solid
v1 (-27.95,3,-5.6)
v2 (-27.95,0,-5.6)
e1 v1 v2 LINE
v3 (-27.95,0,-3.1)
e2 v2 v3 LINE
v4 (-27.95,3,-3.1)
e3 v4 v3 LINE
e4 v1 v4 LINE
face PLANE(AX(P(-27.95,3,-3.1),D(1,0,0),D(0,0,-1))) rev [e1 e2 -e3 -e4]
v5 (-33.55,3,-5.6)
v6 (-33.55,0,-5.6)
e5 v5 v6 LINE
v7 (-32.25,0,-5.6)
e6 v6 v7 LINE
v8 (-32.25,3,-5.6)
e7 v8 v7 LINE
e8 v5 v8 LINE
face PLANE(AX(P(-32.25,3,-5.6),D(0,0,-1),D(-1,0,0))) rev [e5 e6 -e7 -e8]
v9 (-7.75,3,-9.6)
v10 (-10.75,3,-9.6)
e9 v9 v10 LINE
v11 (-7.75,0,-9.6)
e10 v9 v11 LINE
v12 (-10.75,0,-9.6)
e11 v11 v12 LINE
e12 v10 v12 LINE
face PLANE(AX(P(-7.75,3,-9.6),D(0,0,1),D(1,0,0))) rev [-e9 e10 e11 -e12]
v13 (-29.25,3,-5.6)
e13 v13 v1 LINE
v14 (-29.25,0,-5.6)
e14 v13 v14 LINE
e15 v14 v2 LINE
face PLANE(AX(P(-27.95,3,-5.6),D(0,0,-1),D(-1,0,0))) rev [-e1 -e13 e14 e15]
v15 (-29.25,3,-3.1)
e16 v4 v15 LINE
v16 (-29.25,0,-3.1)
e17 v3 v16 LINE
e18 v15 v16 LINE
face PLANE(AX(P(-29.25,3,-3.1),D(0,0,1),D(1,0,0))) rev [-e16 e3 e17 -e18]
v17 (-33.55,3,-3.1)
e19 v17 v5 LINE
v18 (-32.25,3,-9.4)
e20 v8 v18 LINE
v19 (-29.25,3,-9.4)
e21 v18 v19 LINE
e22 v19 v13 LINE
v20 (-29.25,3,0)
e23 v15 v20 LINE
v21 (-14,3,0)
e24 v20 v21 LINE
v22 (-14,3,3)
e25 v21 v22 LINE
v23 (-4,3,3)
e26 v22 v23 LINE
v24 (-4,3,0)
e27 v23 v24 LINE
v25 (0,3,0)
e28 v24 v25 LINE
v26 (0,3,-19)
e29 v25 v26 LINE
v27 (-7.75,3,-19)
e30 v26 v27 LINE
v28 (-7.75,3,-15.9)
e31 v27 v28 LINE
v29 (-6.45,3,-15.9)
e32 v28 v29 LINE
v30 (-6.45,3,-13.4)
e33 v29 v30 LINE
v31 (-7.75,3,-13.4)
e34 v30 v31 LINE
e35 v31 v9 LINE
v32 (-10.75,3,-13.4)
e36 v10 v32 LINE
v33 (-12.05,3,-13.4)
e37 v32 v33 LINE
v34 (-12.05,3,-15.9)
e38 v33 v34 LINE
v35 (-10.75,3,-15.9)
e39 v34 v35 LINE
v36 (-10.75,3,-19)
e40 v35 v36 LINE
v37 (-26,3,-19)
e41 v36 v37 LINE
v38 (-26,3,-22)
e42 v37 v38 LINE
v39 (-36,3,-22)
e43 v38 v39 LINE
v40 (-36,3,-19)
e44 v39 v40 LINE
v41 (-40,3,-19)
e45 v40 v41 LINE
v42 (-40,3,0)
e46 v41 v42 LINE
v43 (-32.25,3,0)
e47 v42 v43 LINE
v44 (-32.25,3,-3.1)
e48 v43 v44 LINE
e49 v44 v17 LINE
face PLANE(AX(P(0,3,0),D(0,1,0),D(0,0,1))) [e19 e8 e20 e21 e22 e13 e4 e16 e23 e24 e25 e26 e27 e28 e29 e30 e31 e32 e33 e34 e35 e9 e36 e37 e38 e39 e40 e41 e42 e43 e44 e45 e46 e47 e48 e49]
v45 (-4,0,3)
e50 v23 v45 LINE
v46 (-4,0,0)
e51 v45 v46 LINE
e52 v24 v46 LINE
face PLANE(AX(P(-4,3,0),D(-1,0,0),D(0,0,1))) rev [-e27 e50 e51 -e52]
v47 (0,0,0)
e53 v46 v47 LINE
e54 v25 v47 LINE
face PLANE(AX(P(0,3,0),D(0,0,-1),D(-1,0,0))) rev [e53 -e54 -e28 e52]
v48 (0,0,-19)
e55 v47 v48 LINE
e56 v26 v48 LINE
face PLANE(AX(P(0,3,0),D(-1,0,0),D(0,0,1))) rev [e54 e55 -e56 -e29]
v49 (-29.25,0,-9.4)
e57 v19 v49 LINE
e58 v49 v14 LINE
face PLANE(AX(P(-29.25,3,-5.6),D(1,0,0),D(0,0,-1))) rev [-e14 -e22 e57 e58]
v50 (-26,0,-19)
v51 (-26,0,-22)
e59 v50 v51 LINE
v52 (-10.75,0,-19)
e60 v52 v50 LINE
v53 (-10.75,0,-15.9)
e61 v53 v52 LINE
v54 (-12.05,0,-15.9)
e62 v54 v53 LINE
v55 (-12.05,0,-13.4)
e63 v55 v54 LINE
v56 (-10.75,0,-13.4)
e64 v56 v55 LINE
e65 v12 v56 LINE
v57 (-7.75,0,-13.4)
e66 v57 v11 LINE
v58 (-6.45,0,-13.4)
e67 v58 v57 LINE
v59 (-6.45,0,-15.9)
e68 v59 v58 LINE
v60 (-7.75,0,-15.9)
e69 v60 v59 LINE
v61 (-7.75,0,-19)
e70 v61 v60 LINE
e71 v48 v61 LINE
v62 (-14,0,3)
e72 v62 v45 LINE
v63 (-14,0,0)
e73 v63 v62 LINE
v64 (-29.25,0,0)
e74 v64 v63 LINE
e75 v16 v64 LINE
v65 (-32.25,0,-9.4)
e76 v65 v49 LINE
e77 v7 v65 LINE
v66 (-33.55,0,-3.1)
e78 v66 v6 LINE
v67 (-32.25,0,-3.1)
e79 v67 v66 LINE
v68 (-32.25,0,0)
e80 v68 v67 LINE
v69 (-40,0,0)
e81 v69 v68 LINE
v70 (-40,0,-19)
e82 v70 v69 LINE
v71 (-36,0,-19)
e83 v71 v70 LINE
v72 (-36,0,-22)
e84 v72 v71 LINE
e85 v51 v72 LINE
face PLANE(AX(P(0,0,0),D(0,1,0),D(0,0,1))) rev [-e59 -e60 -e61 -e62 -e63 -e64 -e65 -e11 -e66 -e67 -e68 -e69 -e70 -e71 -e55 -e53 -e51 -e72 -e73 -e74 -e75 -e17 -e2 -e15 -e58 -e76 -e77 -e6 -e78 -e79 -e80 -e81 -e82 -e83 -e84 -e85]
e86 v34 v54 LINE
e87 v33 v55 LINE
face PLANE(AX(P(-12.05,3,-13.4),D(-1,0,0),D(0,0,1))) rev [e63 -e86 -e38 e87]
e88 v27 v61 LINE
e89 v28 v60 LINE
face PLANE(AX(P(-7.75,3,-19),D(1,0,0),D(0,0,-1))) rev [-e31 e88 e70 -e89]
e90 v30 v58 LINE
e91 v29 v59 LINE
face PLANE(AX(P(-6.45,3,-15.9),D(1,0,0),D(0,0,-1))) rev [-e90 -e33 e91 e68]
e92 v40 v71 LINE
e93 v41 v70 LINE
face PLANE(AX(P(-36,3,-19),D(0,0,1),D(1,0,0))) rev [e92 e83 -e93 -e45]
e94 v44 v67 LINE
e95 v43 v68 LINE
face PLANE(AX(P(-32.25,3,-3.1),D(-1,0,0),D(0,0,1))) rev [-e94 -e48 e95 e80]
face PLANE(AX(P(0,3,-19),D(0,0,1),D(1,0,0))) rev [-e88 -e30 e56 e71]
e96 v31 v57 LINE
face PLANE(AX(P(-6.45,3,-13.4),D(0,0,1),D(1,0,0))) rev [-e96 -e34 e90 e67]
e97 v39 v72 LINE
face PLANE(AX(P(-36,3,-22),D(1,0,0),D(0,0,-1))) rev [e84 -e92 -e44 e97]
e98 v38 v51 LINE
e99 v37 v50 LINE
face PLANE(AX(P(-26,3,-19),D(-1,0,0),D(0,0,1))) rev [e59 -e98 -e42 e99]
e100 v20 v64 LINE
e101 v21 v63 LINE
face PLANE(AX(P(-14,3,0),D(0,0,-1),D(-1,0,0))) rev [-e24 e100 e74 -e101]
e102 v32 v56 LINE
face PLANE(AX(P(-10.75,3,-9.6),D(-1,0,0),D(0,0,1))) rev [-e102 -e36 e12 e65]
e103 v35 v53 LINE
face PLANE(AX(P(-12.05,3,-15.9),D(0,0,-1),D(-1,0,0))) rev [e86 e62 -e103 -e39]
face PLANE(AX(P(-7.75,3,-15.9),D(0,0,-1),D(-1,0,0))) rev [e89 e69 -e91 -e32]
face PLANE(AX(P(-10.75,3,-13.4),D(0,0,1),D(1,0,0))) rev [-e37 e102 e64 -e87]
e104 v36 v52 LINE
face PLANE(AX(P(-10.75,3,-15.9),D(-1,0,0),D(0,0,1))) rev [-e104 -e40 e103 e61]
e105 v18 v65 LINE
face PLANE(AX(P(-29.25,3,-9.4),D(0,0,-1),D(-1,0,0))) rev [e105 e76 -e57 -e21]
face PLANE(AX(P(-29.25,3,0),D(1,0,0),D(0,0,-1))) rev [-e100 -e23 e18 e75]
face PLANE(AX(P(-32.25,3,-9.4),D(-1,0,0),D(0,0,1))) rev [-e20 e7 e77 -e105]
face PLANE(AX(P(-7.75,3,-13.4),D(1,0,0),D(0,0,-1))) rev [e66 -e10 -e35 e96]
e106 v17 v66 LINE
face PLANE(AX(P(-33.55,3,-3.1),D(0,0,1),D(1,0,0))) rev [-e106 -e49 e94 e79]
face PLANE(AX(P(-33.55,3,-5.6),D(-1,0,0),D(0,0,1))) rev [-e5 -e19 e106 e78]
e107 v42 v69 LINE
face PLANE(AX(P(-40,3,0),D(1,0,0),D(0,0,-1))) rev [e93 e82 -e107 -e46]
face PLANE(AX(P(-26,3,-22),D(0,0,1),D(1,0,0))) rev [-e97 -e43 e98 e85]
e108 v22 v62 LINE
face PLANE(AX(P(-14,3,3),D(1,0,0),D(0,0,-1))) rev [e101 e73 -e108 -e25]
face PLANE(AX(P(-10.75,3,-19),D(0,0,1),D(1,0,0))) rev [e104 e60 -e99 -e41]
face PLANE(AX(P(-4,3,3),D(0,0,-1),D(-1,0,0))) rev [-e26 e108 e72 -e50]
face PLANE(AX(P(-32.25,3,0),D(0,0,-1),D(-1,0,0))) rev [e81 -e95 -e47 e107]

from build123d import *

# Parameters (mm, degrees)
BOSS_EXTRUDE2_DEPTH = 3


with BuildPart() as part:
    # Sketch2 → Boss-Extrude2 (new body)
    with BuildSketch(Plane(origin=(0, 0, 0), x_dir=(1, 0, 0), z_dir=(0, 1, 0))):
        Polygon((0, 0), (-4, 0), (-4, -3), (-14, -3), (-14, 0), (-29.25, 0), (-29.25, 3.1), (-27.95, 3.1), (-27.95, 5.6), (-29.25, 5.6), (-29.25, 9.4), (-32.25, 9.4), (-32.25, 5.6), (-33.55, 5.6), (-33.55, 3.1), (-32.25, 3.1), (-32.25, 0), (-40, 0), (-40, 19), (-36, 19), (-36, 22), (-26, 22), (-26, 19), (-10.75, 19), (-10.75, 15.9), (-12.05, 15.9), (-12.05, 13.4), (-10.75, 13.4), (-10.75, 9.6), (-7.75, 9.6), (-7.75, 13.4), (-6.45, 13.4), (-6.45, 15.9), (-7.75, 15.9), (-7.75, 19), (0, 19), align=None)
    extrude(amount=BOSS_EXTRUDE2_DEPTH)


solid = part.part
